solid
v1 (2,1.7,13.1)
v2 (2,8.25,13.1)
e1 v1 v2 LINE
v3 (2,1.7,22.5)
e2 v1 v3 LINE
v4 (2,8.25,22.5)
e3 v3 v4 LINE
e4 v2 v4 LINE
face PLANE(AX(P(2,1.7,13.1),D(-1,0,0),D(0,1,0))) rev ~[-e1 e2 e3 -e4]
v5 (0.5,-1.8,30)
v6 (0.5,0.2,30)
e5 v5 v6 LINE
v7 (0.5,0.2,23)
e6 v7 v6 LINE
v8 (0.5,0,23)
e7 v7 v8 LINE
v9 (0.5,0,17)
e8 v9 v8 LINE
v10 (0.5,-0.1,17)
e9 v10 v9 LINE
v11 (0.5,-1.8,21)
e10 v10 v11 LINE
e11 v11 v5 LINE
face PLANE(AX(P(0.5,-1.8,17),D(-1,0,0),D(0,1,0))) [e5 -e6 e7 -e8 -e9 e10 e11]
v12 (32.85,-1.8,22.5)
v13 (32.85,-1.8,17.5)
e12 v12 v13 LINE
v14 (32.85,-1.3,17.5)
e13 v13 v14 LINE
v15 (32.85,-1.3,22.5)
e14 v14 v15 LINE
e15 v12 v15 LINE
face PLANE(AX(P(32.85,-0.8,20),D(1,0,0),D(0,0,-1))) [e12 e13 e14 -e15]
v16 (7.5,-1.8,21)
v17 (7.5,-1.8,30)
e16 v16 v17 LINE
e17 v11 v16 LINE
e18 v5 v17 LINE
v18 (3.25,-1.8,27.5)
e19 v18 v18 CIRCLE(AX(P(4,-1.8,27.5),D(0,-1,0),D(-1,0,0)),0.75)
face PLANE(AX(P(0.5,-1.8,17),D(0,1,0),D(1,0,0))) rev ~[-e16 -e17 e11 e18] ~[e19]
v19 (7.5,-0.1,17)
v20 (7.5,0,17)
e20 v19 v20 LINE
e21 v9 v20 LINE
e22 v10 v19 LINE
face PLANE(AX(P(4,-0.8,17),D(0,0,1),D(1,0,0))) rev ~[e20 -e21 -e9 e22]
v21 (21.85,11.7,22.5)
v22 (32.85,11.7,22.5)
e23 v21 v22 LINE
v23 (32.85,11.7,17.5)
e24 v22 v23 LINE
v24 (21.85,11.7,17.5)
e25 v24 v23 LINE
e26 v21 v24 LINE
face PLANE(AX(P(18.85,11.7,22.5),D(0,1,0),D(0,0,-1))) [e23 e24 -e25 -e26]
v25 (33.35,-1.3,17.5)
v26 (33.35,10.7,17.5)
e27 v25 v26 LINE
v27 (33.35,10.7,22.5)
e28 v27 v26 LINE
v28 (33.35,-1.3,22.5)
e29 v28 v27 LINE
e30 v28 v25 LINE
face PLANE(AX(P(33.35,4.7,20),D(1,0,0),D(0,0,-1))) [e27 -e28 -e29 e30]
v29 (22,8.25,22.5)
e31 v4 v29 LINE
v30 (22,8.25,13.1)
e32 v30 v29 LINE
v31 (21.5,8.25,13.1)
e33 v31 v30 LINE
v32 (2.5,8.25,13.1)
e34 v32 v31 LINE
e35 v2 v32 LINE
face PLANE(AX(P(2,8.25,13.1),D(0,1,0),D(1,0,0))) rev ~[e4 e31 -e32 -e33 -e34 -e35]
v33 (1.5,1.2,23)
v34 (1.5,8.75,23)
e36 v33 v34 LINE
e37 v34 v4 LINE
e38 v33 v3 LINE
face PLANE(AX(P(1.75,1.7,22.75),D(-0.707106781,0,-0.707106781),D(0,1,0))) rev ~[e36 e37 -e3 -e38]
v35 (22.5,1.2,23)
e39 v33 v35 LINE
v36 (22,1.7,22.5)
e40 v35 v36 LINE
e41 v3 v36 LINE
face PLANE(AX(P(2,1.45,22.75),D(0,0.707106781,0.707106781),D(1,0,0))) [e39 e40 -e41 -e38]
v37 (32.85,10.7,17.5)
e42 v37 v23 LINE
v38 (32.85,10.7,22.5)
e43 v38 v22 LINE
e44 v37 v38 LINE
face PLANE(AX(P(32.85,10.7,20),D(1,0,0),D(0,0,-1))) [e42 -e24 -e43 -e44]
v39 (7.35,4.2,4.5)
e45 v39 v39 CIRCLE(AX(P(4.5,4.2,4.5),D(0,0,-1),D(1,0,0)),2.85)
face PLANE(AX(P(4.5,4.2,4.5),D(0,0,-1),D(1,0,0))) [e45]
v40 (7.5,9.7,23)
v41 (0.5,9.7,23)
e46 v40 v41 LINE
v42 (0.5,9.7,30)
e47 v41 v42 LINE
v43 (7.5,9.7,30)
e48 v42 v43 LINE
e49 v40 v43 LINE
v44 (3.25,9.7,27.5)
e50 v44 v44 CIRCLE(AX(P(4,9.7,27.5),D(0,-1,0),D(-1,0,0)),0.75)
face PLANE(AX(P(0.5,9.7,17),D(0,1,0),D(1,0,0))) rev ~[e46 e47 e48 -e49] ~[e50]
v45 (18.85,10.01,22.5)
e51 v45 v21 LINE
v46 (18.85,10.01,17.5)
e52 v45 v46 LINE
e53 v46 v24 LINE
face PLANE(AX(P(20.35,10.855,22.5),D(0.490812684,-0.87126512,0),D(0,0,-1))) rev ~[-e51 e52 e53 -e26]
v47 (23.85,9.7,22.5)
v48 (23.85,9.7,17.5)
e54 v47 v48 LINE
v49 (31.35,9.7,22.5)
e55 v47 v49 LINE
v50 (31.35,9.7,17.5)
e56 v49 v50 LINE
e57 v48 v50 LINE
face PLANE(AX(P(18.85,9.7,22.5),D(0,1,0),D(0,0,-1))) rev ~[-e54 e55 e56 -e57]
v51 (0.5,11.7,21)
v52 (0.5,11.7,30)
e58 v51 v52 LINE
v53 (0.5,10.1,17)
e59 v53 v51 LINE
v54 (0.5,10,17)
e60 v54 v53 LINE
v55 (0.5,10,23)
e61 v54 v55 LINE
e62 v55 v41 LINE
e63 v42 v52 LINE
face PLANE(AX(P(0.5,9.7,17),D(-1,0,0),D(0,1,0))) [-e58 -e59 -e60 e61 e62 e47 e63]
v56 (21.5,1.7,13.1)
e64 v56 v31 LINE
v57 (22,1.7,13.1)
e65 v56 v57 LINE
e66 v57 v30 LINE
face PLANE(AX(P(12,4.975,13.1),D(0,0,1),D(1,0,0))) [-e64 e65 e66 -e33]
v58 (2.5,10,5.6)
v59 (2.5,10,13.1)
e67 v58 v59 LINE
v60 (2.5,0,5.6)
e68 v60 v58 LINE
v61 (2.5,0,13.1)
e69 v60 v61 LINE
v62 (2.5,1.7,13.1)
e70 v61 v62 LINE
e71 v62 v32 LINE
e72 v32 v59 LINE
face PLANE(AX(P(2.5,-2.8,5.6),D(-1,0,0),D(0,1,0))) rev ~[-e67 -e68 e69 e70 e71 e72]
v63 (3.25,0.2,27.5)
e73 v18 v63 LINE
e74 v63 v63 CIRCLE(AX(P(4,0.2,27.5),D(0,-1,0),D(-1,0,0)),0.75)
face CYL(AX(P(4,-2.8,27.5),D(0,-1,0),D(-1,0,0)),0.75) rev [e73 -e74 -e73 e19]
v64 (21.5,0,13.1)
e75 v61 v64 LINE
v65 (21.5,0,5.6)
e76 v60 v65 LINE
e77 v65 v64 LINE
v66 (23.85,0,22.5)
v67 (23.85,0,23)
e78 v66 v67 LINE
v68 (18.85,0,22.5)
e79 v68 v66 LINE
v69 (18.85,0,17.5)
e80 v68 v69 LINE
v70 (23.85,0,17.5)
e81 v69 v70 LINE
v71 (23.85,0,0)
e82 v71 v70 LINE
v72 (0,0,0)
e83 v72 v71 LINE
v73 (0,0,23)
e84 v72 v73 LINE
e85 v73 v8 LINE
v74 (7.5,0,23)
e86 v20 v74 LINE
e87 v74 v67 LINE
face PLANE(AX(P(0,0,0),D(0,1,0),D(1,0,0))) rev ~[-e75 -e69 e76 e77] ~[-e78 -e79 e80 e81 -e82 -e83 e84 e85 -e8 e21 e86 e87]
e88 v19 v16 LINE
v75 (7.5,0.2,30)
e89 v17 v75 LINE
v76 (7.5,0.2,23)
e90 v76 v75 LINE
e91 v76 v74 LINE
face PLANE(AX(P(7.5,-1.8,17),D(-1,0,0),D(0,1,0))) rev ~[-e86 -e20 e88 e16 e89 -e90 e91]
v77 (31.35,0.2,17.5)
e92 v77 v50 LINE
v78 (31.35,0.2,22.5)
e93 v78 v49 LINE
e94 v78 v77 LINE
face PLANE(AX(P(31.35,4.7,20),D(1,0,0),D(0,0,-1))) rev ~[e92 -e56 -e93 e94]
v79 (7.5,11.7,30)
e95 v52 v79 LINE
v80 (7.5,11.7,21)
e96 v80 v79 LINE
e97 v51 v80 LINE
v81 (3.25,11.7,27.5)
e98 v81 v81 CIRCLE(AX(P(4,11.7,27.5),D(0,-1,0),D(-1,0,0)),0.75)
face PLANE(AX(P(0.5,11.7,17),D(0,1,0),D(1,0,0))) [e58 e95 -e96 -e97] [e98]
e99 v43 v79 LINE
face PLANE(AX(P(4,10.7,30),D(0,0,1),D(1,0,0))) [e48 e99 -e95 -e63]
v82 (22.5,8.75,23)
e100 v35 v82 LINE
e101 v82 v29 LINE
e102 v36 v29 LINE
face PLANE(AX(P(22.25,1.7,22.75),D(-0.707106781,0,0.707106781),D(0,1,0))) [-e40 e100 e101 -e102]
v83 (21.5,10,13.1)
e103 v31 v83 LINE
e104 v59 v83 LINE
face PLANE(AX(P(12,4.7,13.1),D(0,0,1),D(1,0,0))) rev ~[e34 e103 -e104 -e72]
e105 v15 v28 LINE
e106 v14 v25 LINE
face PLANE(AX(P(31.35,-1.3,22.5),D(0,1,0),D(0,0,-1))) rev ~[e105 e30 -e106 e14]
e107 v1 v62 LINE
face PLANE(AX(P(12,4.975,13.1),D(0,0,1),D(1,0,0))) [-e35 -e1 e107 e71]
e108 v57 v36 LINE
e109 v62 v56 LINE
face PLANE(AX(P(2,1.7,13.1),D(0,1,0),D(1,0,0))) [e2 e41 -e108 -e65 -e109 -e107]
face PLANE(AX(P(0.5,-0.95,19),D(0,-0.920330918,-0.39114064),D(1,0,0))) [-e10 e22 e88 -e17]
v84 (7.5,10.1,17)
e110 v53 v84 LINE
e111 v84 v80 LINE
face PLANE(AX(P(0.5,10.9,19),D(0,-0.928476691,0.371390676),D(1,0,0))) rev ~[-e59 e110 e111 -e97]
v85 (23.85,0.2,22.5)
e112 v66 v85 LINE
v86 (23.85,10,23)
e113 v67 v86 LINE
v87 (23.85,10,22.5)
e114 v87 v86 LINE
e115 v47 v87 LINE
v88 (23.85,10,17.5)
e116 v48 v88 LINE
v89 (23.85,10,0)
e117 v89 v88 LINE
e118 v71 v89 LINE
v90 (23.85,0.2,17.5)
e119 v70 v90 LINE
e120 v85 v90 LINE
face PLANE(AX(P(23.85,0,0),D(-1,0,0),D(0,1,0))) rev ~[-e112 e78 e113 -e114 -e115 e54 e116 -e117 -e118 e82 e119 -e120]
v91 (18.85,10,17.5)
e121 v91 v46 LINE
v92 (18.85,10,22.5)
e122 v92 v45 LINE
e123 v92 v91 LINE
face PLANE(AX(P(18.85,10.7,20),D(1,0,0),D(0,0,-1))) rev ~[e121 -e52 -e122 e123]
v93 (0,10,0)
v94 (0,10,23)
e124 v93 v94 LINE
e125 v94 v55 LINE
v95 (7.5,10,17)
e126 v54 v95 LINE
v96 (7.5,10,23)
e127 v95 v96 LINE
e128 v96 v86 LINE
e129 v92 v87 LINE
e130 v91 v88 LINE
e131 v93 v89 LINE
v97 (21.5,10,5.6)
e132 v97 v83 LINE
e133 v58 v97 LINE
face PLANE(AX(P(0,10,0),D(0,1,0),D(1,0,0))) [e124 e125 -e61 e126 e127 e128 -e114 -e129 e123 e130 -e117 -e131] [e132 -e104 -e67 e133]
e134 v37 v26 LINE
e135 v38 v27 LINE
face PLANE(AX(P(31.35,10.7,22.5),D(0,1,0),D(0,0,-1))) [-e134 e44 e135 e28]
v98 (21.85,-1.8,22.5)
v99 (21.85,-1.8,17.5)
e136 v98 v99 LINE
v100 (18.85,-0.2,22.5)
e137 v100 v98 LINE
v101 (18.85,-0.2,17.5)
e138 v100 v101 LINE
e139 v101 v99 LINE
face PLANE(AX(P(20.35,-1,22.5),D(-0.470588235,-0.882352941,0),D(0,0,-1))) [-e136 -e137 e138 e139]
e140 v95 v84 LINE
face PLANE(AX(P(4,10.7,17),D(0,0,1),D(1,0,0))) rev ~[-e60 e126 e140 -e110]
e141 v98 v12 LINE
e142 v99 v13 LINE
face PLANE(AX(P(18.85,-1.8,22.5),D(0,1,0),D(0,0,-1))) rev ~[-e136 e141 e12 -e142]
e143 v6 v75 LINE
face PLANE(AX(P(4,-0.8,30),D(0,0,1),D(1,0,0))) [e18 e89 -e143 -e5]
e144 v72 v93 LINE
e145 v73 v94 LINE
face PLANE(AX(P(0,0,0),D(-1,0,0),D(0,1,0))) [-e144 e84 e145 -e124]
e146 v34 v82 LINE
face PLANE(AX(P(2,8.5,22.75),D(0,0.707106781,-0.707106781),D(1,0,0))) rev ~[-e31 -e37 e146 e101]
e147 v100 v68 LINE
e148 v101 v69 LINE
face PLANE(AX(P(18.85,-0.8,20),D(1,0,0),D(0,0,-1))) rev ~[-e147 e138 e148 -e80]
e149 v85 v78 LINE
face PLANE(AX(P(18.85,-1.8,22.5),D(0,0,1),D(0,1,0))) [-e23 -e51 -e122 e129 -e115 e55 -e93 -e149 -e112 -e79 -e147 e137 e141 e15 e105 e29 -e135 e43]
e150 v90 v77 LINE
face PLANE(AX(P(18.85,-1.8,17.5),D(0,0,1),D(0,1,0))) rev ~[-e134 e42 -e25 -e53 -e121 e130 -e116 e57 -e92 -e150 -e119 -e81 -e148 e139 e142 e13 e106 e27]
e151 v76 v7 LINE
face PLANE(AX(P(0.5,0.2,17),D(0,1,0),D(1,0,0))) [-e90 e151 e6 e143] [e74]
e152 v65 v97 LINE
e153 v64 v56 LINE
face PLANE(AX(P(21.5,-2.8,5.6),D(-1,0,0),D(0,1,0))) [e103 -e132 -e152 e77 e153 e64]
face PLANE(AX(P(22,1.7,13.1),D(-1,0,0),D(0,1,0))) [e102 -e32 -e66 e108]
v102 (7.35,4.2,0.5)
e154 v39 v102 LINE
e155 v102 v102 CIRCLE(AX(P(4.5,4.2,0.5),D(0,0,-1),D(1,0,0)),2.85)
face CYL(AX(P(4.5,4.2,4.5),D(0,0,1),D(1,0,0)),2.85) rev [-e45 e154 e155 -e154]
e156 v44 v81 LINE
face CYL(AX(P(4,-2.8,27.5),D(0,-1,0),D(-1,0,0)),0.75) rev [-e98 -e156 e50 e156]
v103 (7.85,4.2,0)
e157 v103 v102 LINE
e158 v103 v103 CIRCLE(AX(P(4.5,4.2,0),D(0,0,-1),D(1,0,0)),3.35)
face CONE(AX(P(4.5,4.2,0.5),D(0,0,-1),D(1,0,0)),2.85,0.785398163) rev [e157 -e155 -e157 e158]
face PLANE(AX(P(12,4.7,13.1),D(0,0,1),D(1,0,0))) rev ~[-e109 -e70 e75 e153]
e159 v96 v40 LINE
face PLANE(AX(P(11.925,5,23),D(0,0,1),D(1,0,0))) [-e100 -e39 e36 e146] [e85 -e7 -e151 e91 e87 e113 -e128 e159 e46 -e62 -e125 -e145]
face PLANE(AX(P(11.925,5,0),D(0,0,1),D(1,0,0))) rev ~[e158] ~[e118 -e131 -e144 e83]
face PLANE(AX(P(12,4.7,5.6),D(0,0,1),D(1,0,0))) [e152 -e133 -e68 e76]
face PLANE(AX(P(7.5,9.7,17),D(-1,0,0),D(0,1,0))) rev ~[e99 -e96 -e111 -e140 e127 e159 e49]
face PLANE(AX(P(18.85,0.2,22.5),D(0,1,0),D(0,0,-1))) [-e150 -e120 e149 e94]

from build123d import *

# Parameters (mm, degrees)
BOX_W             = 23.85
BOX_H             = 10
BOX_DEPTH         = 23
BOX001_W          = 20
BOX001_H          = 6.55
BOX001_DEPTH      = 9.9
BOX002_W          = 19
BOX002_H          = 15
BOX002_DEPTH      = 7.5
CHAMFER_SIZE      = 0.5
CYLINDER_R        = 2.85
CYLINDER_DEPTH    = 4.5
CHAMFER001_SIZE   = 0.5
BOX003_W          = 7
BOX003_H          = 2
BOX003_DEPTH      = 13
CHAMFER002_SIZE2  = 4
CHAMFER002_SIZE   = 1.7
BOX004_W          = 7
BOX004_H          = 2
BOX004_DEPTH      = 13
CYLINDER001_R     = 0.75
CYLINDER001_DEPTH = 15
CHAMFER003_SIZE2  = 4
CHAMFER003_SIZE   = 1.6
BOX005_W          = 5
BOX005_H          = 2
BOX005_DEPTH      = 14
CHAMFER004_SIZE2  = 3
CHAMFER004_SIZE   = 1.6
BOX006_W          = 5
BOX006_H          = 2
BOX006_DEPTH      = 14
CHAMFER005_SIZE2  = 3
CHAMFER005_SIZE   = 1.69
BOX007_W          = 5
BOX007_H          = 12
BOX007_DEPTH      = 2


with BuildPart() as part:
    # Box → Box (join)
    with BuildSketch(Plane.XY):
        with Locations((11.925, 5)):
            Rectangle(BOX_W, BOX_H)
    extrude(amount=BOX_DEPTH)

    # Box001 → Box001 (cut)
    with BuildSketch(Plane(origin=(2, 1.7, 13.1), x_dir=(1, 0, 0), z_dir=(0, 0, 1))):
        with Locations((10, 3.275)):
            Rectangle(BOX001_W, BOX001_H)
    extrude(amount=BOX001_DEPTH, mode=Mode.SUBTRACT)

    # Box002 → Box002 (cut)
    with BuildSketch(Plane(origin=(2.5, -2.8, 5.6), x_dir=(1, 0, 0), z_dir=(0, 0, 1))):
        with Locations((9.5, 7.5)):
            Rectangle(BOX002_W, BOX002_H)
    extrude(amount=BOX002_DEPTH, mode=Mode.SUBTRACT)

    # Chamfer
    chamfer_edges = [part.edges().sort_by_distance(p)[0] for p in [
        (12, 8.25, 23),
        (22, 4.975, 23),
        (12, 1.7, 23),
        (2, 4.975, 23),
    ]]
    chamfer(chamfer_edges, length=CHAMFER_SIZE)

    # Cylinder → Cylinder (cut)
    with BuildSketch(Plane(origin=(4.5, 4.2, 4.5), x_dir=(1, 0, 0), z_dir=(0, 0, -1))):
        Circle(CYLINDER_R)
    extrude(amount=CYLINDER_DEPTH, mode=Mode.SUBTRACT)

    # Chamfer001
    chamfer001_edges = [part.edges().sort_by_distance(p)[0] for p in [
        (1.65, 4.2, 0),
    ]]
    chamfer(chamfer001_edges, length=CHAMFER001_SIZE)

    # Box003 → Box003 (join)
    with BuildSketch(Plane(origin=(0.5, -1.8, 17), x_dir=(1, 0, 0), z_dir=(0, 0, 1))):
        with Locations((3.5, 1)):
            Rectangle(BOX003_W, BOX003_H)
    extrude(amount=BOX003_DEPTH)

    # Chamfer002
    chamfer002_edges = [part.edges().sort_by_distance(p)[0] for p in [
        (4, -1.8, 17),
    ]]
    chamfer002_side = part.faces().sort_by_distance((4, -0.9, 17))[0]
    chamfer(chamfer002_edges, length=CHAMFER002_SIZE, length2=CHAMFER002_SIZE2, reference=chamfer002_side)

    # Box004 → Box004 (join)
    with BuildSketch(Plane(origin=(0.5, 9.7, 17), x_dir=(1, 0, 0), z_dir=(0, 0, 1))):
        with Locations((3.5, 1)):
            Rectangle(BOX004_W, BOX004_H)
    extrude(amount=BOX004_DEPTH)

    # Cylinder001 → Cylinder001 (cut)
    with BuildSketch(Plane(origin=(4, -2.8, 27.5), x_dir=(-1, 0, 0), z_dir=(0, 1, 0))):
        Circle(CYLINDER001_R)
    extrude(amount=CYLINDER001_DEPTH, mode=Mode.SUBTRACT)

    # Chamfer003
    chamfer003_edges = [part.edges().sort_by_distance(p)[0] for p in [
        (4, 11.7, 17),
    ]]
    chamfer003_side = part.faces().sort_by_distance((4, 10.85, 17))[0]
    chamfer(chamfer003_edges, length=CHAMFER003_SIZE, length2=CHAMFER003_SIZE2, reference=chamfer003_side)

    # Box005 → Box005 (join)
    with BuildSketch(Plane(origin=(18.85, -1.8, 22.5), x_dir=(0, 0, -1), z_dir=(1, 0, 0))):
        with Locations((2.5, 1)):
            Rectangle(BOX005_W, BOX005_H)
    extrude(amount=BOX005_DEPTH)

    # Chamfer004
    chamfer004_edges = [part.edges().sort_by_distance(p)[0] for p in [
        (18.85, -1.8, 20),
    ]]
    chamfer004_side = part.faces().sort_by_distance((18.85, -0.9, 20))[0]
    chamfer(chamfer004_edges, length=CHAMFER004_SIZE, length2=CHAMFER004_SIZE2, reference=chamfer004_side)

    # Box006 → Box006 (join)
    with BuildSketch(Plane(origin=(18.85, 9.7, 22.5), x_dir=(0, 0, -1), z_dir=(1, 0, 0))):
        with Locations((2.5, 1)):
            Rectangle(BOX006_W, BOX006_H)
    extrude(amount=BOX006_DEPTH)

    # Chamfer005
    chamfer005_edges = [part.edges().sort_by_distance(p)[0] for p in [
        (18.85, 11.7, 20),
    ]]
    chamfer005_side = part.faces().sort_by_distance((18.85, 10.85, 20))[0]
    chamfer(chamfer005_edges, length=CHAMFER005_SIZE, length2=CHAMFER005_SIZE2, reference=chamfer005_side)

    # Box007 → Box007 (join)
    with BuildSketch(Plane(origin=(31.35, -1.3, 22.5), x_dir=(0, 0, -1), z_dir=(1, 0, 0))):
        with Locations((2.5, 6)):
            Rectangle(BOX007_W, BOX007_H)
    extrude(amount=BOX007_DEPTH)


solid = part.part
